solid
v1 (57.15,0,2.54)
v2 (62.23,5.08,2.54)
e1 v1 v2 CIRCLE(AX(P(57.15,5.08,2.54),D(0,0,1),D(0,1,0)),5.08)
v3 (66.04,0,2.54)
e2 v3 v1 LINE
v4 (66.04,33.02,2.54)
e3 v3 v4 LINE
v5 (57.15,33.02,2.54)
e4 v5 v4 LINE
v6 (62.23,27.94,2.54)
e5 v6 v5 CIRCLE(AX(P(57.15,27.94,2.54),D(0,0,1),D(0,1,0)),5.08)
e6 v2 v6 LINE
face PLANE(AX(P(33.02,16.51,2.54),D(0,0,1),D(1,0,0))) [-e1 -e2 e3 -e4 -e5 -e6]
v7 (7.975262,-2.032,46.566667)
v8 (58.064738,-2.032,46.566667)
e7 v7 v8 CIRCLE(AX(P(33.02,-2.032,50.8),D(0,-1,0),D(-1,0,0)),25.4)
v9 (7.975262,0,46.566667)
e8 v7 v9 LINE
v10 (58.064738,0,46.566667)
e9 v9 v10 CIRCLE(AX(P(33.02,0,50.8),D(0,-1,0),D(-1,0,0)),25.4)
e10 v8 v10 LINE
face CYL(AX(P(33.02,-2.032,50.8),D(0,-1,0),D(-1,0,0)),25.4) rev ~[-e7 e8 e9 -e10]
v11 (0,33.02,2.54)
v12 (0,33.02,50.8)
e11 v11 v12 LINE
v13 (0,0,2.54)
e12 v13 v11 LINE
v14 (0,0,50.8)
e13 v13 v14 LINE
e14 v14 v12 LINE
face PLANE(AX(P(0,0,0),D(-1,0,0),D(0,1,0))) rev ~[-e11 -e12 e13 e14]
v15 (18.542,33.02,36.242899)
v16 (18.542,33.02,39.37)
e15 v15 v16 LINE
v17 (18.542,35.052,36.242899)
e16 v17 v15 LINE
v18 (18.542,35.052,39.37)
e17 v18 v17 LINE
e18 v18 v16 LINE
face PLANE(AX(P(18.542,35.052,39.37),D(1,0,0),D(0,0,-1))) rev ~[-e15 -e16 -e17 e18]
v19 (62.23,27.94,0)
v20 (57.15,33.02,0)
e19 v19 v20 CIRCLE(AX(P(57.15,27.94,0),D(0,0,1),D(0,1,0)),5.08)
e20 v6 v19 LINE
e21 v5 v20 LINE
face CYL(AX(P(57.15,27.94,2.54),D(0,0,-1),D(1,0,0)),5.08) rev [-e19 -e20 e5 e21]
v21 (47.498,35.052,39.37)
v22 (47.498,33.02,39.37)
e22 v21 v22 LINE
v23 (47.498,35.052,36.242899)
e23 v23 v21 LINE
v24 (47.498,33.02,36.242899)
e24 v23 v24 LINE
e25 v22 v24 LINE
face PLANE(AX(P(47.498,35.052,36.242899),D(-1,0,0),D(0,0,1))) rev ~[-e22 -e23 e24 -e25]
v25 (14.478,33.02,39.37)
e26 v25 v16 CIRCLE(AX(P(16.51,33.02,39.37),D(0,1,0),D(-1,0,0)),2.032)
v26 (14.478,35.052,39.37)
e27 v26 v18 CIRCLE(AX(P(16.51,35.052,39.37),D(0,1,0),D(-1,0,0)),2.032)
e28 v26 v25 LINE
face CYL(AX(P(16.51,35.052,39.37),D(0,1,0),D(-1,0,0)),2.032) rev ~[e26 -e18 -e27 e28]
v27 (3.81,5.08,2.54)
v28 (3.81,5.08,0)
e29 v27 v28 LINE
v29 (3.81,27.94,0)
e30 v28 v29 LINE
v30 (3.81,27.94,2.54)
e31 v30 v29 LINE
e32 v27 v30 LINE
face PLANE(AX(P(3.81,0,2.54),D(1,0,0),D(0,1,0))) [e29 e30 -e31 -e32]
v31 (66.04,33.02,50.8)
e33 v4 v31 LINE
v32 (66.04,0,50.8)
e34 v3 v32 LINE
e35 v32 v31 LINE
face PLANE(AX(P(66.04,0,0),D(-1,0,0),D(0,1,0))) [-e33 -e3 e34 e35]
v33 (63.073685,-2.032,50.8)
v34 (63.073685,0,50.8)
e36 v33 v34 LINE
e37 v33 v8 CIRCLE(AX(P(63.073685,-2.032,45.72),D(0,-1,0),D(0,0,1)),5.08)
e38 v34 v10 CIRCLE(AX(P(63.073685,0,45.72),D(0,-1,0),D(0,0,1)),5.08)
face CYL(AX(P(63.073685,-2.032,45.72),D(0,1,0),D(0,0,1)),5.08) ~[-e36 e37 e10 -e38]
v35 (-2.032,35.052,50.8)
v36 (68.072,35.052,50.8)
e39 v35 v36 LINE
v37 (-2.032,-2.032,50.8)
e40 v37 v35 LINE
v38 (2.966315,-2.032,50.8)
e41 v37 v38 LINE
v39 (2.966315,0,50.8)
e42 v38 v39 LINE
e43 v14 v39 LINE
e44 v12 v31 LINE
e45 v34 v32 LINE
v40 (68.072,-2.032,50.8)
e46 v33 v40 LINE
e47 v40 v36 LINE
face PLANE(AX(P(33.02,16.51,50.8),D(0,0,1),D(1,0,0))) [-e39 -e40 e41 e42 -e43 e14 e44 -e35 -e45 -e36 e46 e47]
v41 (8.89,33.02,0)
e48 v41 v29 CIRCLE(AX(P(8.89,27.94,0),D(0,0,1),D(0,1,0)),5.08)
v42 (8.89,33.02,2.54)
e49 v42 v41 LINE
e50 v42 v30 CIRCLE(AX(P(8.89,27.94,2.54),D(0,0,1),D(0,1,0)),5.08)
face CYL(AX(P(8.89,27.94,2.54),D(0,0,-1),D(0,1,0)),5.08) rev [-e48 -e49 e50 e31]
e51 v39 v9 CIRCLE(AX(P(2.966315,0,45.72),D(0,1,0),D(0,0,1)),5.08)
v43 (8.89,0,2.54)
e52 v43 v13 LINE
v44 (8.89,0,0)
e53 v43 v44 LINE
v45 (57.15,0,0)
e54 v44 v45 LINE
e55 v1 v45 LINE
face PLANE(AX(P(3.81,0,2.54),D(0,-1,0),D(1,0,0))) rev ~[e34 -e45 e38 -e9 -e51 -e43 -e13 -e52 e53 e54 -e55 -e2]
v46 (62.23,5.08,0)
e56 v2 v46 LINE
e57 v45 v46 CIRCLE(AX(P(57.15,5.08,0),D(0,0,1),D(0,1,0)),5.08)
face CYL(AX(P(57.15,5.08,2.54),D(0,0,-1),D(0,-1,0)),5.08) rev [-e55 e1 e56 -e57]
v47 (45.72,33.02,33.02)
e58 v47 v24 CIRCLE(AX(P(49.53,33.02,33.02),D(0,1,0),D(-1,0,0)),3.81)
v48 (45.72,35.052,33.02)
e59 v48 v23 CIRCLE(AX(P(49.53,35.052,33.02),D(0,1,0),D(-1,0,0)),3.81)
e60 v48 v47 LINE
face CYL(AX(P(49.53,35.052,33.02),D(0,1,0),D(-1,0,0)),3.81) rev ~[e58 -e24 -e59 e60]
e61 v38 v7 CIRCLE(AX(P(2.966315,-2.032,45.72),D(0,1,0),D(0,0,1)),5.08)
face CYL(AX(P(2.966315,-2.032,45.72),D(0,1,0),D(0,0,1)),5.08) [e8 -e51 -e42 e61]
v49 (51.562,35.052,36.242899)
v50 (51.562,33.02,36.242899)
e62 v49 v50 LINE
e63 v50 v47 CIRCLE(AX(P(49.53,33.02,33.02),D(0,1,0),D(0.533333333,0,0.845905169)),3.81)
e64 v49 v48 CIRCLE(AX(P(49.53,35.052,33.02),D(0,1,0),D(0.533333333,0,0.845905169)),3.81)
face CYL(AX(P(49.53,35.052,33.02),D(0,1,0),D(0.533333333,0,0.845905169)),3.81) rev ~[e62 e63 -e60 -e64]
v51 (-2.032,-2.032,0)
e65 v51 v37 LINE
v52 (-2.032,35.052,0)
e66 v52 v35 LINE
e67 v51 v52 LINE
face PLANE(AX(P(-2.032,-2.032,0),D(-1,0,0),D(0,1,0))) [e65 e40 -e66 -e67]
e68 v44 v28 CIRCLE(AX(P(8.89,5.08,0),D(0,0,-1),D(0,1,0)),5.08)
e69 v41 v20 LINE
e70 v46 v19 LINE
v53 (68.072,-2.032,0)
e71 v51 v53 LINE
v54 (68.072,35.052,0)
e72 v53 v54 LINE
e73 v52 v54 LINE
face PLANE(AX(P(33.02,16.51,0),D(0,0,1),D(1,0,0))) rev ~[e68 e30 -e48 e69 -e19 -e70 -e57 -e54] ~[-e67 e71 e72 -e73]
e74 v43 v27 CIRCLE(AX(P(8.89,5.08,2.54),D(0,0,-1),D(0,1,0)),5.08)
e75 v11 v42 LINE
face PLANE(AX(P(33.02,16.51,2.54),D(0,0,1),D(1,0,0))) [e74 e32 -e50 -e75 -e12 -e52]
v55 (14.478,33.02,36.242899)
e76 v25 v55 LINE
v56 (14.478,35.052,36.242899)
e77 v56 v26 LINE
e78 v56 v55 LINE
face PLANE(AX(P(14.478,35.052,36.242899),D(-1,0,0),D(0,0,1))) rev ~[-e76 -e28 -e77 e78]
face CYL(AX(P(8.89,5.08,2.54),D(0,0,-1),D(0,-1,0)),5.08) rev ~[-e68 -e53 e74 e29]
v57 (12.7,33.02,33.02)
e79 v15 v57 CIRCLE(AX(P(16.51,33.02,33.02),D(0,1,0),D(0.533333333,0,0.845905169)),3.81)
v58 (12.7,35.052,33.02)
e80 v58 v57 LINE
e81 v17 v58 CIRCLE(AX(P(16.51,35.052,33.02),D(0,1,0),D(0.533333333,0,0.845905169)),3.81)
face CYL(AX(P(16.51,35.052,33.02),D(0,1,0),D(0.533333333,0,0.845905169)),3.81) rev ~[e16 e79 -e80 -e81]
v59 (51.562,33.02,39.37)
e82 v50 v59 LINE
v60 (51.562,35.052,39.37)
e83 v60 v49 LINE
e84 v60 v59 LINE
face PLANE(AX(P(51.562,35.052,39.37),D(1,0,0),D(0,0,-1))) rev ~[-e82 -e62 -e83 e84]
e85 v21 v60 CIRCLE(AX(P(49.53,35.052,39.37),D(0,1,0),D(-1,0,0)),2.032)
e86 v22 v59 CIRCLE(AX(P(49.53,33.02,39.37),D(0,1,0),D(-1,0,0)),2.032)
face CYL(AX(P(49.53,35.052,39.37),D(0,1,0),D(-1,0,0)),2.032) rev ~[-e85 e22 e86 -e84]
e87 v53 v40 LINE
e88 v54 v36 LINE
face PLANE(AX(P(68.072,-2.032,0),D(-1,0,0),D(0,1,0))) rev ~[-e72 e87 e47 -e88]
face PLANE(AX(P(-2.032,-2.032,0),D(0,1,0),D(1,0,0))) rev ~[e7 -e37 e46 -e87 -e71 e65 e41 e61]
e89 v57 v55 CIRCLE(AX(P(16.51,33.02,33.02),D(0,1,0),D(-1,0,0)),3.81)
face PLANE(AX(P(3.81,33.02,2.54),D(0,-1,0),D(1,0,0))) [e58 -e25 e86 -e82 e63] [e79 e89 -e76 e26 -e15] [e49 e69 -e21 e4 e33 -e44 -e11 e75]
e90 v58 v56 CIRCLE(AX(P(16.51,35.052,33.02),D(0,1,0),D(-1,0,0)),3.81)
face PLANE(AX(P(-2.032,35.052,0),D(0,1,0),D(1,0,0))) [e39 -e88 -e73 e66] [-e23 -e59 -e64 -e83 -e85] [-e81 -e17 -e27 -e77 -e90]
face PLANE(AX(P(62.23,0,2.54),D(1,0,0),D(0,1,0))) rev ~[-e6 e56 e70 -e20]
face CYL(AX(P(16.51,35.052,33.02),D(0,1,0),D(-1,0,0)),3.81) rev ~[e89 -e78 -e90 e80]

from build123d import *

# Parameters (mm, degrees)
F0_W     = 70.104
F0_H     = 37.084
F0_W_2   = 66.04
F0_H_2   = 33.02
F1_DEPTH = 50.8
F2_DEPTH = 2.54
F3_W     = 58.42
F3_H     = 33.02
F4_DEPTH = 25.4
F6_DEPTH = 25.4
F8_DEPTH = 25.4
F9_R     = 5.08


with BuildPart() as f1:
    # F0 (on Top) → F1 (new body)
    with BuildSketch(Plane.XY):
        with Locations((33.02, 16.51)):
            Rectangle(F0_W, F0_H)
        with Locations((33.02, 16.51)):
            Rectangle(F0_W_2, F0_H_2, mode=Mode.SUBTRACT)
    extrude(amount=F1_DEPTH)

    # F0 (on Top) → F2 (join)
    with BuildSketch(Plane.XY):
        with Locations((33.02, 16.51)):
            Rectangle(F0_W_2, F0_H_2)
    extrude(amount=F2_DEPTH)

    # F3 (on face) → F4 (cut)
    with BuildSketch(Plane.XY.offset(2.54)):
        with Locations((33.02, 16.51)):
            Rectangle(F3_W, F3_H)
    extrude(amount=-F4_DEPTH, mode=Mode.SUBTRACT)

    # F5 (on face) → F6 (cut)
    with BuildSketch(Plane.XZ.offset(2.032)):
        with BuildLine():
            Line((58.42, 50.8), (7.62, 50.8))
            ThreePointArc((7.62, 50.8), (33.02, 25.4), (58.42, 50.8))
        make_face()
    extrude(amount=-F6_DEPTH, mode=Mode.SUBTRACT)

    # F7 (on face) → F8 (cut)
    with BuildSketch(Plane(origin=(0, 35.052, 0), x_dir=(-1, 0, 0), z_dir=(0, 1, 0))):
        with BuildLine():
            ThreePointArc((-51.562, 36.2428986953), (-51.3704048468, 29.6839829137), (-45.72, 33.02))
            ThreePointArc((-45.72, 33.02), (-46.1939829137, 34.8604048468), (-47.498, 36.2428986953))
            ThreePointArc((-47.498, 36.2428986953), (-49.53, 36.83), (-51.562, 36.2428986953))
        make_face()
        with BuildLine():
            ThreePointArc((-51.562, 36.2428986953), (-49.53, 36.83), (-47.498, 36.2428986953))
            Line((-47.498, 36.2428986953), (-47.498, 39.37))
            ThreePointArc((-47.498, 39.37), (-49.53, 41.402), (-51.562, 39.37))
            Line((-51.562, 39.37), (-51.562, 36.2428986953))
        make_face()
        with BuildLine():
            ThreePointArc((-18.542, 36.2428986953), (-16.51, 36.83), (-14.478, 36.2428986953))
            Line((-14.478, 36.2428986953), (-14.478, 39.37))
            ThreePointArc((-14.478, 39.37), (-16.51, 41.402), (-18.542, 39.37))
            Line((-18.542, 39.37), (-18.542, 36.2428986953))
        make_face()
        with BuildLine():
            ThreePointArc((-18.542, 36.2428986953), (-18.3504048468, 29.6839829137), (-12.7, 33.02))
            ThreePointArc((-12.7, 33.02), (-13.1739829137, 34.8604048468), (-14.478, 36.2428986953))
            ThreePointArc((-14.478, 36.2428986953), (-16.51, 36.83), (-18.542, 36.2428986953))
        make_face()
    extrude(amount=-F8_DEPTH, mode=Mode.SUBTRACT)

    # F9
    f9_edges = [f1.edges().sort_by_distance(p)[0] for p in [
        (58.42, -1.016, 50.8),
        (7.62, -1.016, 50.8),
        (62.23, 0, 1.27),
        (62.23, 33.02, 1.27),
        (3.81, 33.02, 1.27),
        (3.81, 0, 1.27),
    ]]
    fillet(f9_edges, radius=F9_R)


solid = f1.part
